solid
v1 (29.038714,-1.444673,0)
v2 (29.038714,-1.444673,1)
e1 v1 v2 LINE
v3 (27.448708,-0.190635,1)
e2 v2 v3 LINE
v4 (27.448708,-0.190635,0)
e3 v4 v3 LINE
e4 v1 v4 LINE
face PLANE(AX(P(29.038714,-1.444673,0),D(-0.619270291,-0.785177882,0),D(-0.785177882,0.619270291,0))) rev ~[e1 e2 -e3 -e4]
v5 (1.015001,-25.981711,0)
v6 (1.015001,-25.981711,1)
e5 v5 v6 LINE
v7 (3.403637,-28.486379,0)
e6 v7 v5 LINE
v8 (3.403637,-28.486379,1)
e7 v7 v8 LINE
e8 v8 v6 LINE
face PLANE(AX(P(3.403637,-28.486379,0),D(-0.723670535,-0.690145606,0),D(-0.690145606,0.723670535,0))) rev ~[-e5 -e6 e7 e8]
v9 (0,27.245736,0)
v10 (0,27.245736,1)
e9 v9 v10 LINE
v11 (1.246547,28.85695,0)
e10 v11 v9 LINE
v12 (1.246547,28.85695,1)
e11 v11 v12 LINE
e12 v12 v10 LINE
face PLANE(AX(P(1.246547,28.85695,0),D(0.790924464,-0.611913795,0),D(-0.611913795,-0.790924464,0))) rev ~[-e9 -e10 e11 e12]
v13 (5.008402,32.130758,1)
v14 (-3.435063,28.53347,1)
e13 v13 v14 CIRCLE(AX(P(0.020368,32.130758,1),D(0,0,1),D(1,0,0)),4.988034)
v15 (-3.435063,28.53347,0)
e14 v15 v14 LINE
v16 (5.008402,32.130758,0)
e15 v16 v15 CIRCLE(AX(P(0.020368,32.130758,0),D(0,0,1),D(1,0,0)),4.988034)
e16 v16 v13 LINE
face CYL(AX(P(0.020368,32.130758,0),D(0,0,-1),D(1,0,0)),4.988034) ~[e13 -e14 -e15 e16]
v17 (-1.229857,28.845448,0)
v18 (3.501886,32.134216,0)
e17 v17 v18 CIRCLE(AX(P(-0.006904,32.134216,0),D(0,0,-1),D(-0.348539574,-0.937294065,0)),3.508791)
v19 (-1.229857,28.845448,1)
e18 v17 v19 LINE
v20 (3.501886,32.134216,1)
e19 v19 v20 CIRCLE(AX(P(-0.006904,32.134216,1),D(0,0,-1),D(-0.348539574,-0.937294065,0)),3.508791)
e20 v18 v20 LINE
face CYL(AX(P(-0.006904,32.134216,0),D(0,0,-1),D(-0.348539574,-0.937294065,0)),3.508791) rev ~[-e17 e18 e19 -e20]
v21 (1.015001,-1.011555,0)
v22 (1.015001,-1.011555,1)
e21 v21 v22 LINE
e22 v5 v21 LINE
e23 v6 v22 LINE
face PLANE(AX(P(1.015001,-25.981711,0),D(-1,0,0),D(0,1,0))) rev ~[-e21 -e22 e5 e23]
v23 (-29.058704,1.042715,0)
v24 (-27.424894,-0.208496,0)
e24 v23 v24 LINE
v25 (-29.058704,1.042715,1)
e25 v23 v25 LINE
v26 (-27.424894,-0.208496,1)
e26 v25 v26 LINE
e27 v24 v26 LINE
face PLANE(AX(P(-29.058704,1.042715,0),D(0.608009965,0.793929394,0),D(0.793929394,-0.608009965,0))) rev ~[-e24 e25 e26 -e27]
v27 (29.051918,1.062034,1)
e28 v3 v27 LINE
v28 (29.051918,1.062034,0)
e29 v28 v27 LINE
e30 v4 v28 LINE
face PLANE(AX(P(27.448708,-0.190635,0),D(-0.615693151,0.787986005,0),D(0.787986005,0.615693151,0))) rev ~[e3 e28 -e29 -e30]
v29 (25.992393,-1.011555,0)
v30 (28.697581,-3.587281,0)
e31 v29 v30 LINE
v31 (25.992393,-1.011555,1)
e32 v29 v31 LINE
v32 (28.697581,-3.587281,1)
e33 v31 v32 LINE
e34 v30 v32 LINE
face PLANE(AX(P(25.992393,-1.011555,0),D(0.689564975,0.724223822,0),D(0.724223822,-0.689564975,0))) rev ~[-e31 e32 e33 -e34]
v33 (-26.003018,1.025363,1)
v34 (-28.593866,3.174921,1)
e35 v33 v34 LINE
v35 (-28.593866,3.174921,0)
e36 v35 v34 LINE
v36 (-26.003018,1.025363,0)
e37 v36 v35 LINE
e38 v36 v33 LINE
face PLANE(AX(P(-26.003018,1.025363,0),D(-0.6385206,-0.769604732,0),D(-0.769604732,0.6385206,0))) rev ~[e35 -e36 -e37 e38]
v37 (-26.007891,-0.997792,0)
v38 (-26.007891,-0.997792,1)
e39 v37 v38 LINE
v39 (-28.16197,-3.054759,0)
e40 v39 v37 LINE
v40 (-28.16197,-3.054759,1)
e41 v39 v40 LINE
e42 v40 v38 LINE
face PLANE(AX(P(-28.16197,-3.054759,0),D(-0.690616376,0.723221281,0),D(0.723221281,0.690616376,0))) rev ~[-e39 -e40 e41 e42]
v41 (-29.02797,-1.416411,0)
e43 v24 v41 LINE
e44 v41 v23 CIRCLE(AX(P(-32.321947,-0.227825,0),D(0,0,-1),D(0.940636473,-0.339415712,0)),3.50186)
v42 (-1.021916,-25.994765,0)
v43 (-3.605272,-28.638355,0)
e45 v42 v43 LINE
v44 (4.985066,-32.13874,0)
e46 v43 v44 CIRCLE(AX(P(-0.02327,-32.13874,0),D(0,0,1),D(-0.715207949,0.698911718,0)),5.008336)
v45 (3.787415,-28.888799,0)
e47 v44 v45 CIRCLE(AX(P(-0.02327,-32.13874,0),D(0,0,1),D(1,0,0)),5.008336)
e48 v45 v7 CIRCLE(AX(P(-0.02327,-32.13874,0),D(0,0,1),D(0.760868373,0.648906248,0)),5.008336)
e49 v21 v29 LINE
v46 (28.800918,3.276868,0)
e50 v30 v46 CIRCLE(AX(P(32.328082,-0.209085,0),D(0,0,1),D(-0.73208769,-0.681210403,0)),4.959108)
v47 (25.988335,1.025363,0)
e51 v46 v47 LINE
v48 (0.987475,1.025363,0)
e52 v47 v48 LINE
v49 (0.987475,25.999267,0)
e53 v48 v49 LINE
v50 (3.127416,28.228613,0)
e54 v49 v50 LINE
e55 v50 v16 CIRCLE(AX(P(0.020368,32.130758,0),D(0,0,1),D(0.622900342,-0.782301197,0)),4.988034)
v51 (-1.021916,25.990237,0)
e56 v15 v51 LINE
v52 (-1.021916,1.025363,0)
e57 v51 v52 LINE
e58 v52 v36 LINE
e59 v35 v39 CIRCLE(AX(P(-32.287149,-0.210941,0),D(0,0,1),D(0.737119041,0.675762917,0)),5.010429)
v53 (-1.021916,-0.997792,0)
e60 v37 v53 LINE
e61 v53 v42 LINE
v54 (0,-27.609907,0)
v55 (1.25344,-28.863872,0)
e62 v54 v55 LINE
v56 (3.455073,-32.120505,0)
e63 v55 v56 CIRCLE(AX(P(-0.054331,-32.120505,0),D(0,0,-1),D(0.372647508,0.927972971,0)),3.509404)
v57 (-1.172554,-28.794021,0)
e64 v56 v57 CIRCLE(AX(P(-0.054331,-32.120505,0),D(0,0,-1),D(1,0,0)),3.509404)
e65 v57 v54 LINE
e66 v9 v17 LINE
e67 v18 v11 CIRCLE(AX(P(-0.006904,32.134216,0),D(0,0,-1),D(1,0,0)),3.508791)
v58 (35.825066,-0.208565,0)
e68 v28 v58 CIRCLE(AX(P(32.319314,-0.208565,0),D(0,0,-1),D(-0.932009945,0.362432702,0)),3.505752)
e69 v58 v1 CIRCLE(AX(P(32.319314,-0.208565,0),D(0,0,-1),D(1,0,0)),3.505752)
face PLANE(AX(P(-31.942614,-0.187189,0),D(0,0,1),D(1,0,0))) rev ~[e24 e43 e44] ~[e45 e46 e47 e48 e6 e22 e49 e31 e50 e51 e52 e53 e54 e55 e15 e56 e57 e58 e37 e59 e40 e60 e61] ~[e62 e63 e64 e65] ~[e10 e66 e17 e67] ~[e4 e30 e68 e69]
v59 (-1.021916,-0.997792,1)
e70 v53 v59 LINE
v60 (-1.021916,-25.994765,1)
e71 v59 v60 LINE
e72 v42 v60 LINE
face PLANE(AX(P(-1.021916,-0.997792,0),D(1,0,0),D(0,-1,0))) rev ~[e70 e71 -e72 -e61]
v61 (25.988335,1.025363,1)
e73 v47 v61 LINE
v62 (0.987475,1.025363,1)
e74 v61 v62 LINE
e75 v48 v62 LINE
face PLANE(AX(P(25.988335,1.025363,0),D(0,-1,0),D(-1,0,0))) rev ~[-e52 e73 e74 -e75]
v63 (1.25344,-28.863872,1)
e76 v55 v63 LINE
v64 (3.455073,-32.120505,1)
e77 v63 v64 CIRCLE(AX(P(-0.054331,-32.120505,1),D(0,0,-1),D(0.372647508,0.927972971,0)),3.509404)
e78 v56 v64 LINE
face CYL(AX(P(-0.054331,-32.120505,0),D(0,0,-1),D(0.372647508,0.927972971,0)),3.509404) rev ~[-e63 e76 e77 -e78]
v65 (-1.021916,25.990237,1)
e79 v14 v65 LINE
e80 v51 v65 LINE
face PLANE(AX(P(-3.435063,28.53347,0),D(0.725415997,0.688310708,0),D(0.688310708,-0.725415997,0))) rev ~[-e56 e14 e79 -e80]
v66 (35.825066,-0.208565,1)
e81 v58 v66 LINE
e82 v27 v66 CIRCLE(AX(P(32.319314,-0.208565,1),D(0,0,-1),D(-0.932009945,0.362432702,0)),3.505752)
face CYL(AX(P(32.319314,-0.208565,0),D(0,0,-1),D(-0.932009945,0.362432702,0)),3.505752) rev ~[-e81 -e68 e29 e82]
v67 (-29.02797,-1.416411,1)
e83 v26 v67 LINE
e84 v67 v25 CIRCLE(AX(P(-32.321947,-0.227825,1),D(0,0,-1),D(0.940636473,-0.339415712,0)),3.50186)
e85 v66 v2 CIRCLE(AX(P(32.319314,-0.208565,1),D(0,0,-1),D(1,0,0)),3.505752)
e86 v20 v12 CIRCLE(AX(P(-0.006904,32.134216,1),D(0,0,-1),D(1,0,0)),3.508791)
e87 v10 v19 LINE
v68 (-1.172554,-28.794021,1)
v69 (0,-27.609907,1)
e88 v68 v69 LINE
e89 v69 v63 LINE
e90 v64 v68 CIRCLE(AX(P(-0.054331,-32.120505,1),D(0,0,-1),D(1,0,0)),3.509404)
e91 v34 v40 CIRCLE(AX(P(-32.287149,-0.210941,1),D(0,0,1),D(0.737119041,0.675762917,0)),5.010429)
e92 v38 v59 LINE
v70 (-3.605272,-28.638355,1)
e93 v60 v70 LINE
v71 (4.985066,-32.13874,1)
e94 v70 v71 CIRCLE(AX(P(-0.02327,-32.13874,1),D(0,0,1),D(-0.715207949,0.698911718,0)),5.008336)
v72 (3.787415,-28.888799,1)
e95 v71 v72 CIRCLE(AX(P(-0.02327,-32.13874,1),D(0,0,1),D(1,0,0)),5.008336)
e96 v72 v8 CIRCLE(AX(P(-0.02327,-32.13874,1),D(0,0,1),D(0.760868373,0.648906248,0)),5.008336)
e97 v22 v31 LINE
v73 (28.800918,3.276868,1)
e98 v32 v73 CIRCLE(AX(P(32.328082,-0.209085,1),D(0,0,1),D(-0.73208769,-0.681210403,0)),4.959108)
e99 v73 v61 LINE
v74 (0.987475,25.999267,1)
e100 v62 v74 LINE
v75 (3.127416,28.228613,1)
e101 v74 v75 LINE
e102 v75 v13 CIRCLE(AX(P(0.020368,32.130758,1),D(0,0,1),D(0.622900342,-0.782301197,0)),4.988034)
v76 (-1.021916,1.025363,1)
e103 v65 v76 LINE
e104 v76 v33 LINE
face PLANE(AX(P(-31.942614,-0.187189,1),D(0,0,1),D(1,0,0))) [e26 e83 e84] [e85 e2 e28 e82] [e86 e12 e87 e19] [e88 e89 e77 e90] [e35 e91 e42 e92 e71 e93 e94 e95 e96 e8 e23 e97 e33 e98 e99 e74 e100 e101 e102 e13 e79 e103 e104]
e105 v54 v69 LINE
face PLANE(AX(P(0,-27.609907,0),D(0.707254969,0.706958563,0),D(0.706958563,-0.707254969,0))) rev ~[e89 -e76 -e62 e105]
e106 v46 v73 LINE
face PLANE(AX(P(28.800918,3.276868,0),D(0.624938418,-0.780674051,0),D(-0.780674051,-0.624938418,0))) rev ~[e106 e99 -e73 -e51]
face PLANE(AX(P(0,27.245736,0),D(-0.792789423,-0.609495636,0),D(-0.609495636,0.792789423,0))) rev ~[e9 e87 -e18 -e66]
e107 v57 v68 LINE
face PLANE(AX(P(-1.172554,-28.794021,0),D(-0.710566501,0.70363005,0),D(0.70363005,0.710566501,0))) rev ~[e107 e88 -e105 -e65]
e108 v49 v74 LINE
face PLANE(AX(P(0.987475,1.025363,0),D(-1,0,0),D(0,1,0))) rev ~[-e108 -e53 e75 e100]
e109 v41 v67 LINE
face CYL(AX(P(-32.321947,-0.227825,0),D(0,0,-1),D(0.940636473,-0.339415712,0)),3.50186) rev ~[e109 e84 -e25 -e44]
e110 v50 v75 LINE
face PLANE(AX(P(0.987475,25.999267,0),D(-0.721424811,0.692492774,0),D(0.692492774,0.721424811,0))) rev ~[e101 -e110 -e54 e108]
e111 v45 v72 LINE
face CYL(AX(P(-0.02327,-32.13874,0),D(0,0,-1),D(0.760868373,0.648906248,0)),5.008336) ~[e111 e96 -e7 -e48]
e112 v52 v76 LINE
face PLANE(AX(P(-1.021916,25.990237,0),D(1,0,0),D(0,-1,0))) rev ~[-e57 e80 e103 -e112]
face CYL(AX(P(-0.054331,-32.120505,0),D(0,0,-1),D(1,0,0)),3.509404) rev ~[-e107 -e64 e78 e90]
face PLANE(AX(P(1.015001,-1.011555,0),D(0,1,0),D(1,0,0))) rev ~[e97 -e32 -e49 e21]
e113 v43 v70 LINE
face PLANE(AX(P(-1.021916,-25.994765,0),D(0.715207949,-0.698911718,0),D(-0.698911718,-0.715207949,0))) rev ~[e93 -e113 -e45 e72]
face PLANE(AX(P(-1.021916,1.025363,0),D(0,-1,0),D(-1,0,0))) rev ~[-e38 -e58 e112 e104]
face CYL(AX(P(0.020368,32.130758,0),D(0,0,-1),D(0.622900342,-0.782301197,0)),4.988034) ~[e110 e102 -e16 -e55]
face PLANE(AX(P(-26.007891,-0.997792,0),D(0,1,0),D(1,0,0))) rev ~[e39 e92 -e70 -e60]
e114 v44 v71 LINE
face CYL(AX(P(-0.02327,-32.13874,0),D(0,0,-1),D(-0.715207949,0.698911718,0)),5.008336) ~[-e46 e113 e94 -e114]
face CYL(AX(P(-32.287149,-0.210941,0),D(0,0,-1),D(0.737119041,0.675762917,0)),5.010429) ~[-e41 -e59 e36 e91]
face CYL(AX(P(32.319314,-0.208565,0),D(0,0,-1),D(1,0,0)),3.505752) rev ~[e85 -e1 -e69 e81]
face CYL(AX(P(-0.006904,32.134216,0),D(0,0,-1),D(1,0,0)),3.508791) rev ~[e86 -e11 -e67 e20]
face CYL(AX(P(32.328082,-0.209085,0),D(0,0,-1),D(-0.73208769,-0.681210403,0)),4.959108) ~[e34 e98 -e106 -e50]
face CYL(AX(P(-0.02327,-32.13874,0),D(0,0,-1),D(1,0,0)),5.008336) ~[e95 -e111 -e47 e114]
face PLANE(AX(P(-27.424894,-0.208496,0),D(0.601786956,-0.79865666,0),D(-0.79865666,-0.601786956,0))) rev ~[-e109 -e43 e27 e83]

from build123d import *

# Parameters (mm, degrees)
F1_DEPTH = 1


with BuildPart() as f1:
    # F0 (on Top) → F1 (new body)
    with BuildSketch(Plane.XY):
        with BuildLine():
            ThreePointArc((-27.3388900485, -0.9977917653), (-27.2922865727, -0.6055926478), (-27.2767198383, -0.2109412719))
            ThreePointArc((-27.2767198383, -0.2109412719), (-27.3156011331, 0.4120452206), (-27.4316415742, 1.0253628716))
            ThreePointArc((-27.4316415742, 1.0253628716), (-27.8797003635, 2.1720812966), (-28.5938661896, 3.1749207641))
            ThreePointArc((-28.5938661896, 3.1749207641), (-37.2855795833, -0.5574762051), (-28.1619703008, -3.0547592313))
            ThreePointArc((-28.1619703008, -3.0547592313), (-27.6353110241, -2.0723395713), (-27.3388900485, -0.9977917653))
        make_face()
        with BuildLine():
            ThreePointArc((-29.0279696038, -1.4164111001), (-35.823533245, -0.271588351), (-29.0587042579, 1.0427149257))
            Line((-29.0587042579, 1.0427149257), (-27.4248942733, -0.2084955195))
            Line((-27.4248942733, -0.2084955195), (-29.0279696038, -1.4164111001))
        make_face(mode=Mode.SUBTRACT)
        with BuildLine():
            ThreePointArc((-27.4316415742, 1.0253628716), (-27.3156011331, 0.4120452206), (-27.2767198383, -0.2109412719))
            ThreePointArc((-27.2767198383, -0.2109412719), (-27.2922865727, -0.6055926478), (-27.3388900485, -0.9977917653))
            Line((-27.3388900485, -0.9977917653), (-26.0078907013, -0.9977917653))
            Line((-26.0078907013, -0.9977917653), (-1.021916396, -0.9977917653))
            Line((-1.021916396, -0.9977917653), (-1.021916396, 1.0253628716))
            Line((-1.021916396, 1.0253628716), (-26.0030180216, 1.0253628716))
            Line((-26.0030180216, 1.0253628716), (-27.4316415742, 1.0253628716))
        make_face()
        with BuildLine():
            ThreePointArc((-28.5938661896, 3.1749207641), (-27.8797003635, 2.1720812966), (-27.4316415742, 1.0253628716))
            Line((-27.4316415742, 1.0253628716), (-26.0030180216, 1.0253628716))
            Line((-26.0030180216, 1.0253628716), (-28.5938661896, 3.1749207641))
        make_face()
        with BuildLine():
            Line((-26.0078907013, -0.9977917653), (-27.3388900485, -0.9977917653))
            ThreePointArc((-27.3388900485, -0.9977917653), (-27.6353110241, -2.0723395713), (-28.1619703008, -3.0547592313))
            Line((-28.1619703008, -3.0547592313), (-26.0078907013, -0.9977917653))
        make_face()
        Polygon((0.9874751559, 1.0253628716), (-1.021916396, 1.0253628716), (-1.021916396, -0.9977917653), (1.015001093, -1.0115547339), align=None)
        with BuildLine():
            Line((-1.021916396, 25.9902365506), (-1.021916396, 1.0253628716))
            Line((-1.021916396, 1.0253628716), (0.9874751559, 1.0253628716))
            Line((0.9874751559, 1.0253628716), (0.9874751559, 25.9992666543))
            Line((0.9874751559, 25.9992666543), (3.1274161369, 28.2286134091))
            ThreePointArc((3.1274161369, 28.2286134091), (-0.2110990703, 27.1480978017), (-3.4350626667, 28.5334701326))
            Line((-3.4350626667, 28.5334701326), (-1.021916396, 25.9902365506))
        make_face()
        with BuildLine():
            Line((1.015001093, -1.0115547339), (-1.021916396, -0.9977917653))
            Line((-1.021916396, -0.9977917653), (-1.021916396, -25.9947646409))
            Line((-1.021916396, -25.9947646409), (-3.6052718224, -28.6383550821))
            ThreePointArc((-3.6052718224, -28.6383550821), (-0.1318413861, -27.131580678), (3.4036372353, -28.4863791938))
            Line((3.4036372353, -28.4863791938), (1.015001093, -25.9817112237))
            Line((1.015001093, -25.9817112237), (1.015001093, -1.0115547339))
        make_face()
        with BuildLine():
            Line((25.9883347899, 1.0253628716), (0.9874751559, 1.0253628716))
            Line((0.9874751559, 1.0253628716), (1.015001093, -1.0115547339))
            Line((1.015001093, -1.0115547339), (25.9923934937, -1.0115547339))
            Line((25.9923934937, -1.0115547339), (28.6975805016, -3.5872808494))
            ThreePointArc((28.6975805016, -3.5872808494), (27.369536281, -0.1344353197), (28.8009183125, 3.2768678307))
            Line((28.8009183125, 3.2768678307), (25.9883347899, 1.0253628716))
        make_face()
        with BuildLine():
            ThreePointArc((5.0084020941, 32.1307584701), (-1.9347123757, 36.7196739343), (-3.4350626667, 28.5334701326))
            ThreePointArc((-3.4350626667, 28.5334701326), (-0.2110990703, 27.1480978017), (3.1274161369, 28.2286134091))
            ThreePointArc((3.1274161369, 28.2286134091), (4.5136154985, 29.9648380971), (5.0084020941, 32.1307584701))
        make_face()
        with BuildLine():
            ThreePointArc((-1.2298567505, 28.8454476519), (-2.0094686913, 35.0154222768), (3.5018862947, 32.1342163019))
            ThreePointArc((3.5018862947, 32.1342163019), (2.8835722571, 30.1450564857), (1.2465469638, 28.8569504291))
            Line((1.2465469638, 28.8569504291), (0, 27.2457357496))
            Line((0, 27.2457357496), (-1.2298567505, 28.8454476519))
        make_face(mode=Mode.SUBTRACT)
        with BuildLine():
            ThreePointArc((3.4036372353, -28.4863791938), (-0.1318413861, -27.131580678), (-3.6052718224, -28.6383550821))
            ThreePointArc((-3.6052718224, -28.6383550821), (-1.9131855373, -36.7768054017), (4.9850663184, -32.1387399713))
            ThreePointArc((4.9850663184, -32.1387399713), (4.6761248214, -30.4069429432), (3.7874147234, -28.8887992883))
            Line((3.7874147234, -28.8887992883), (3.4036372353, -28.4863791938))
        make_face()
        with BuildLine():
            ThreePointArc((1.2534396715, -28.8638722912), (2.8530229788, -30.1549993601), (3.4550732676, -32.1205047187))
            ThreePointArc((3.4550732676, -32.1205047187), (-2.102698937, -34.9700851409), (-1.1725544757, -28.7940207192))
            Line((-1.1725544757, -28.7940207192), (0, -27.6099070907))
            Line((0, -27.6099070907), (1.2534396715, -28.8638722912))
        make_face(mode=Mode.SUBTRACT)
        with BuildLine():
            ThreePointArc((37.2871905838, -0.209084826), (34.2123813861, 4.378089767), (28.8009183125, 3.2768678307))
            ThreePointArc((28.8009183125, 3.2768678307), (27.369536281, -0.1344353197), (28.6975805016, -3.5872808494))
            ThreePointArc((28.6975805016, -3.5872808494), (34.1431171019, -4.8241040496), (37.2871905838, -0.209084826))
        make_face()
        with BuildLine():
            ThreePointArc((29.0519181081, 1.062034124), (32.9656955311, 3.2370827906), (35.8250662459, -0.2085651216))
            ThreePointArc((35.8250662459, -0.2085651216), (32.947537117, -3.6575699539), (29.0387142098, -1.4446732776))
            Line((29.0387142098, -1.4446732776), (27.4487081915, -0.1906345278))
            Line((27.4487081915, -0.1906345278), (29.0519181081, 1.062034124))
        make_face(mode=Mode.SUBTRACT)
        with BuildLine():
            ThreePointArc((3.7874147234, -28.8887992883), (3.6011154409, -28.6822587182), (3.4036372353, -28.4863791938))
            Line((3.4036372353, -28.4863791938), (3.7874147234, -28.8887992883))
        make_face()
    extrude(amount=F1_DEPTH)


solid = f1.part
